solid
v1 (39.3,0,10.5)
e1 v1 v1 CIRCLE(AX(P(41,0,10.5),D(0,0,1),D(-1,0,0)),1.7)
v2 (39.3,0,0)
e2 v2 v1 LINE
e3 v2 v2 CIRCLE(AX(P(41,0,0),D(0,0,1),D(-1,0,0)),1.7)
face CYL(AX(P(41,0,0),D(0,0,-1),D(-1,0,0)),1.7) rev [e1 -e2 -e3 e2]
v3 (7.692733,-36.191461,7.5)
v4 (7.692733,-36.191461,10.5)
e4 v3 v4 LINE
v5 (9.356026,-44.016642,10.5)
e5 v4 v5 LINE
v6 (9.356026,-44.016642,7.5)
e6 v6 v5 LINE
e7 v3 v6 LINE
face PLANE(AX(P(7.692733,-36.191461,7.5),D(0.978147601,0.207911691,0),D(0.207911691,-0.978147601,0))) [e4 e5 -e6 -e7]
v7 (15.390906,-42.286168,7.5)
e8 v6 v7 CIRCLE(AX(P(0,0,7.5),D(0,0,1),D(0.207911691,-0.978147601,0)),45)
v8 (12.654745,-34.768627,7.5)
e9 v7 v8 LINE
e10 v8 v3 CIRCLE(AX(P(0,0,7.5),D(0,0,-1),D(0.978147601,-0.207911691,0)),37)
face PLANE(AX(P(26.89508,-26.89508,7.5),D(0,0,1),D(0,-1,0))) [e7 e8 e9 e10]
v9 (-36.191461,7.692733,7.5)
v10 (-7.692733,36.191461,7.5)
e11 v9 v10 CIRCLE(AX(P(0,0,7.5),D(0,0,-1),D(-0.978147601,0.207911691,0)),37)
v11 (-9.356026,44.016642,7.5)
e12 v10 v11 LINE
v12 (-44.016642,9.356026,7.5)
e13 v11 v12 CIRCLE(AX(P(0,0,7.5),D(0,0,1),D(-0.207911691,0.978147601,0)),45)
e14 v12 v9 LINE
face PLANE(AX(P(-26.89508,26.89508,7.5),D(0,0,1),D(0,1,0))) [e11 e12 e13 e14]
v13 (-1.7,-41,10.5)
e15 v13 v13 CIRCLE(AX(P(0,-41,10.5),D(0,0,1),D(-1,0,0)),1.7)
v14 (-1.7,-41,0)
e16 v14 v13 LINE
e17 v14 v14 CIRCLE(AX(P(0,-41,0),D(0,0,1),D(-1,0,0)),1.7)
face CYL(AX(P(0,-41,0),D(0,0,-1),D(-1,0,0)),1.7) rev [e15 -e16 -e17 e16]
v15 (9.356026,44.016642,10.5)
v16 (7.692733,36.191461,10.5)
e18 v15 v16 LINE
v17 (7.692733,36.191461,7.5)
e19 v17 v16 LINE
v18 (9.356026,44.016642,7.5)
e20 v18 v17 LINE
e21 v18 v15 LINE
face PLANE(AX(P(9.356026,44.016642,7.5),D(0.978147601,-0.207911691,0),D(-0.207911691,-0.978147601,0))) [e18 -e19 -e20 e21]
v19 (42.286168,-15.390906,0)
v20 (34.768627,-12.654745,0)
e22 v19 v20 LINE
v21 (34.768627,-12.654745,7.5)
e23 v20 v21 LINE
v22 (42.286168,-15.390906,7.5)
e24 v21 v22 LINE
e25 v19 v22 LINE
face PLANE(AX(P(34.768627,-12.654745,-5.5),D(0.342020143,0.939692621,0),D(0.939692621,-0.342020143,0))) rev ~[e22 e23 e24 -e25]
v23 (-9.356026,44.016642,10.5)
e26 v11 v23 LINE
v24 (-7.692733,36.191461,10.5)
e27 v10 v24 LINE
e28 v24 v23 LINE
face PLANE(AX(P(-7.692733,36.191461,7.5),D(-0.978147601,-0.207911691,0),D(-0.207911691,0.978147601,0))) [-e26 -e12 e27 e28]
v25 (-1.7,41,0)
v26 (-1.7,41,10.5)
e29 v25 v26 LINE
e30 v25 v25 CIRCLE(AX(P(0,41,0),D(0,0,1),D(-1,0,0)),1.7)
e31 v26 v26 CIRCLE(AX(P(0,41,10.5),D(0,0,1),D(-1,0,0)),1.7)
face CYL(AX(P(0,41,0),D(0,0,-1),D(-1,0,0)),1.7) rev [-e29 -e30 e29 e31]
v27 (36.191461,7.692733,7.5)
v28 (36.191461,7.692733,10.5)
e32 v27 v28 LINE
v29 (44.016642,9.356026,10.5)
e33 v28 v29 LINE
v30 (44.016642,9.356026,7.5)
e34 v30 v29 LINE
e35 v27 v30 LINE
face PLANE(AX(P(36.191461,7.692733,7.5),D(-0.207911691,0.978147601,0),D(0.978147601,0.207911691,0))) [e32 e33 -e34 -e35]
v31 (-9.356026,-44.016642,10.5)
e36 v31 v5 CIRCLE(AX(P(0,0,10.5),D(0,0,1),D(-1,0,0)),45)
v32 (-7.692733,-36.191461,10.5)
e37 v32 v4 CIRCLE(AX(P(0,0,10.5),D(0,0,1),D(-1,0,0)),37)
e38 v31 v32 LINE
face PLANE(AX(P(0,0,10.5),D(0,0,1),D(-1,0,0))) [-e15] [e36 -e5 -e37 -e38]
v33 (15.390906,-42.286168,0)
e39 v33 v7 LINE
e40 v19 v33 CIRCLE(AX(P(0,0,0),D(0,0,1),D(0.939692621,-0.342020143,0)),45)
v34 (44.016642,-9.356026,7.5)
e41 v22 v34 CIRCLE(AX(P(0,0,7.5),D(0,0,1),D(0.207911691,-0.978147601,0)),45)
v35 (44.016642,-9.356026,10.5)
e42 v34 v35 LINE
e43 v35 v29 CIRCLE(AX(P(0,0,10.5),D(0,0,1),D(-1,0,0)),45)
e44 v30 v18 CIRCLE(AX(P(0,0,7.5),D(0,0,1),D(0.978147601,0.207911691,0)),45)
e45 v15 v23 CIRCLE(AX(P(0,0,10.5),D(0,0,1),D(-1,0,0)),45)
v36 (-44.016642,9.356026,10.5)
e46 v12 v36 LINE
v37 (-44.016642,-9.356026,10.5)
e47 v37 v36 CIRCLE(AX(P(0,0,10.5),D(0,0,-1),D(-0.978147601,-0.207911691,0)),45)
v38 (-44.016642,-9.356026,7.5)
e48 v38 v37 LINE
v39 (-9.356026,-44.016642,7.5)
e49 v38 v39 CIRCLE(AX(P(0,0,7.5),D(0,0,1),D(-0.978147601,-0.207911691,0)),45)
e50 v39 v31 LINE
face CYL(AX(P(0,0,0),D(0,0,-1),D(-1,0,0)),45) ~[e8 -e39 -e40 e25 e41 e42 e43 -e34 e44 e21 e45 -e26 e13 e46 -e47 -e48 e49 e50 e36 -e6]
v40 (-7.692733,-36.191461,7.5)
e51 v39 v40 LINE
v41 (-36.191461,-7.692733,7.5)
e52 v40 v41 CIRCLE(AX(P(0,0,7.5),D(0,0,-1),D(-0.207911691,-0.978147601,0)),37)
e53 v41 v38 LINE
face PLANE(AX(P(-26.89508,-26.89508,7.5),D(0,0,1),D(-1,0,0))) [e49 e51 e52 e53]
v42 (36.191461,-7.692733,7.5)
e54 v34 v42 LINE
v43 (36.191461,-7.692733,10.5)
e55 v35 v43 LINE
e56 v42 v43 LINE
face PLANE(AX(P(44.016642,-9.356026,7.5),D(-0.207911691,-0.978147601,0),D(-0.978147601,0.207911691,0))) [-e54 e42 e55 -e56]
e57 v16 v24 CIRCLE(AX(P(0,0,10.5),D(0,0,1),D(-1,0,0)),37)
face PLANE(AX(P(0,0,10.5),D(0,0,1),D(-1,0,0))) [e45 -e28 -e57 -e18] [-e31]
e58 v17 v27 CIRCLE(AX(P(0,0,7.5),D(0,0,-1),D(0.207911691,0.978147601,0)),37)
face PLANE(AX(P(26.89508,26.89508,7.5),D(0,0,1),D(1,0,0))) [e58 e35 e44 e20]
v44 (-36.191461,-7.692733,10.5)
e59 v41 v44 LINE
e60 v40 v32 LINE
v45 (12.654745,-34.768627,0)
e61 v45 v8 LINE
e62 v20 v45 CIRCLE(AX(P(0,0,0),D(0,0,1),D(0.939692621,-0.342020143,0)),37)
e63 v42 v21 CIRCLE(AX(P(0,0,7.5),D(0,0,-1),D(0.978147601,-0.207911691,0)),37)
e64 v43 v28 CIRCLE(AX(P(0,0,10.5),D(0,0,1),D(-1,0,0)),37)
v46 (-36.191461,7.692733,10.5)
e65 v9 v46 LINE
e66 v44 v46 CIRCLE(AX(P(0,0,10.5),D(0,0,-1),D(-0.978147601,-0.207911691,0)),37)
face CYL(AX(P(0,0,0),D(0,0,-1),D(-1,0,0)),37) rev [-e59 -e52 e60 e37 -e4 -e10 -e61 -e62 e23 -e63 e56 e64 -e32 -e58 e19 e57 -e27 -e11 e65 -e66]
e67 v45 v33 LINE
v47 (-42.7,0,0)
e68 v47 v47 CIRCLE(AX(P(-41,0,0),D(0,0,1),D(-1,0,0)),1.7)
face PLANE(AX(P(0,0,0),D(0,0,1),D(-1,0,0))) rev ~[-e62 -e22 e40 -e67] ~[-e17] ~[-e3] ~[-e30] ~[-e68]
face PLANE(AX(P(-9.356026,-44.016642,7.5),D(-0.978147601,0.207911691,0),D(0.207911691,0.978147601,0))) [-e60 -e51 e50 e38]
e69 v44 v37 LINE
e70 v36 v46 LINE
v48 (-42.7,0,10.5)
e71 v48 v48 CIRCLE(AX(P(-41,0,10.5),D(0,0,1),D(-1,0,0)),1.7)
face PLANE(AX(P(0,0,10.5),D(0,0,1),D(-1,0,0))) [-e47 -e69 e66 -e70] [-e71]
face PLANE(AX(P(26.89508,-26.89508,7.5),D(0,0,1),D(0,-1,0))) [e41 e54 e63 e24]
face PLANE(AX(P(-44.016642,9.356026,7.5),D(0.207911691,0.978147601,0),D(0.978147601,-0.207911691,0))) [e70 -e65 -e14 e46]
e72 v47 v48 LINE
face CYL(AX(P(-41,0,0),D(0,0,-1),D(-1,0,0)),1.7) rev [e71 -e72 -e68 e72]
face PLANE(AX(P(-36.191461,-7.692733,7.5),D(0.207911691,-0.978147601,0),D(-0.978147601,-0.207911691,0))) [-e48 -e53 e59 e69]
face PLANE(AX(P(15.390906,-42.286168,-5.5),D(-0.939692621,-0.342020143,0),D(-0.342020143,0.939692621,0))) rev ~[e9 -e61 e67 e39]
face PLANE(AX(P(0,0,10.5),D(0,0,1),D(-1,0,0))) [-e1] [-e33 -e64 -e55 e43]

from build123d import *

# Parameters (mm, degrees)
SKETCH_1_R               = 45
SKETCH_1_R_2             = 37
SKETCH_1_R_3             = 1.7
EXTRUDE_1_DEPTH          = 10.5
CUT_EXTRUDE_START        = -3
CUT_EXTRUDE_1_DEPTH      = 3
PATTERN_CIRCULAR_1_COUNT = 4
CUT_EXTRUDE_START_2      = -13
CUT_EXTRUDE_2_DEPTH      = 13


with BuildPart() as part:
    # 草图1 → 凸台-拉伸1 (new body)
    with BuildSketch(Plane.XY):
        with Locations(Location((0, 0, 0), (0, 0, 180))):
            Circle(SKETCH_1_R)
        with Locations(Location((0, 0, 0), (0, 0, 180))):
            Circle(SKETCH_1_R_2, mode=Mode.SUBTRACT)
        with Locations(Location((41, 0, 0), (0, 0, 180))):
            Circle(SKETCH_1_R_3, mode=Mode.SUBTRACT)
        with Locations(Location((0, -41, 0), (0, 0, 180))):
            Circle(SKETCH_1_R_3, mode=Mode.SUBTRACT)
        with Locations(Location((-41, 0, 0), (0, 0, 180))):
            Circle(SKETCH_1_R_3, mode=Mode.SUBTRACT)
        with Locations(Location((0, 41, 0), (0, 0, 180))):
            Circle(SKETCH_1_R_3, mode=Mode.SUBTRACT)
    extrude(amount=EXTRUDE_1_DEPTH)

    # 草图2 → 切除-拉伸1 (cut)
    with BuildSketch(Plane.XY.offset(10.5).offset(CUT_EXTRUDE_START)):
        with BuildLine():
            Line((9.356026087, 44.016642033), (7.69273256, 36.191461227))
            ThreePointArc((7.69273256, 36.191461227), (26.162950904, 26.162950904), (36.191461227, 7.69273256))
            Line((36.191461227, 7.69273256), (44.016642033, 9.356026087))
            ThreePointArc((44.016642033, 9.356026087), (31.819805153, 31.819805153), (9.356026087, 44.016642033))
        make_face()
    cut_extrude_1 = extrude(amount=CUT_EXTRUDE_1_DEPTH, mode=Mode.SUBTRACT)

    # 阵列(圆周)1: 切除-拉伸1 ×4 about axis
    pattern_circular_1_axis = Axis((0, 0, 10.5), (0, 0, -1))
    for i in range(1, PATTERN_CIRCULAR_1_COUNT):
        add(cut_extrude_1.rotate(pattern_circular_1_axis, i * 360 / PATTERN_CIRCULAR_1_COUNT), mode=Mode.SUBTRACT)

    # 草图3 → 切除-拉伸2 (cut)
    with BuildSketch(Plane.XY.offset(7.5).offset(CUT_EXTRUDE_START_2)):
        with BuildLine():
            Line((34.768626969, -12.654745303), (42.286167935, -15.39090645))
            ThreePointArc((42.286167935, -15.39090645), (31.819805153, -31.819805153), (15.39090645, -42.286167935))
            Line((15.39090645, -42.286167935), (12.654745303, -34.768626969))
            ThreePointArc((12.654745303, -34.768626969), (26.162950904, -26.162950904), (34.768626969, -12.654745303))
        make_face()
    extrude(amount=CUT_EXTRUDE_2_DEPTH, mode=Mode.SUBTRACT)


solid = part.part
